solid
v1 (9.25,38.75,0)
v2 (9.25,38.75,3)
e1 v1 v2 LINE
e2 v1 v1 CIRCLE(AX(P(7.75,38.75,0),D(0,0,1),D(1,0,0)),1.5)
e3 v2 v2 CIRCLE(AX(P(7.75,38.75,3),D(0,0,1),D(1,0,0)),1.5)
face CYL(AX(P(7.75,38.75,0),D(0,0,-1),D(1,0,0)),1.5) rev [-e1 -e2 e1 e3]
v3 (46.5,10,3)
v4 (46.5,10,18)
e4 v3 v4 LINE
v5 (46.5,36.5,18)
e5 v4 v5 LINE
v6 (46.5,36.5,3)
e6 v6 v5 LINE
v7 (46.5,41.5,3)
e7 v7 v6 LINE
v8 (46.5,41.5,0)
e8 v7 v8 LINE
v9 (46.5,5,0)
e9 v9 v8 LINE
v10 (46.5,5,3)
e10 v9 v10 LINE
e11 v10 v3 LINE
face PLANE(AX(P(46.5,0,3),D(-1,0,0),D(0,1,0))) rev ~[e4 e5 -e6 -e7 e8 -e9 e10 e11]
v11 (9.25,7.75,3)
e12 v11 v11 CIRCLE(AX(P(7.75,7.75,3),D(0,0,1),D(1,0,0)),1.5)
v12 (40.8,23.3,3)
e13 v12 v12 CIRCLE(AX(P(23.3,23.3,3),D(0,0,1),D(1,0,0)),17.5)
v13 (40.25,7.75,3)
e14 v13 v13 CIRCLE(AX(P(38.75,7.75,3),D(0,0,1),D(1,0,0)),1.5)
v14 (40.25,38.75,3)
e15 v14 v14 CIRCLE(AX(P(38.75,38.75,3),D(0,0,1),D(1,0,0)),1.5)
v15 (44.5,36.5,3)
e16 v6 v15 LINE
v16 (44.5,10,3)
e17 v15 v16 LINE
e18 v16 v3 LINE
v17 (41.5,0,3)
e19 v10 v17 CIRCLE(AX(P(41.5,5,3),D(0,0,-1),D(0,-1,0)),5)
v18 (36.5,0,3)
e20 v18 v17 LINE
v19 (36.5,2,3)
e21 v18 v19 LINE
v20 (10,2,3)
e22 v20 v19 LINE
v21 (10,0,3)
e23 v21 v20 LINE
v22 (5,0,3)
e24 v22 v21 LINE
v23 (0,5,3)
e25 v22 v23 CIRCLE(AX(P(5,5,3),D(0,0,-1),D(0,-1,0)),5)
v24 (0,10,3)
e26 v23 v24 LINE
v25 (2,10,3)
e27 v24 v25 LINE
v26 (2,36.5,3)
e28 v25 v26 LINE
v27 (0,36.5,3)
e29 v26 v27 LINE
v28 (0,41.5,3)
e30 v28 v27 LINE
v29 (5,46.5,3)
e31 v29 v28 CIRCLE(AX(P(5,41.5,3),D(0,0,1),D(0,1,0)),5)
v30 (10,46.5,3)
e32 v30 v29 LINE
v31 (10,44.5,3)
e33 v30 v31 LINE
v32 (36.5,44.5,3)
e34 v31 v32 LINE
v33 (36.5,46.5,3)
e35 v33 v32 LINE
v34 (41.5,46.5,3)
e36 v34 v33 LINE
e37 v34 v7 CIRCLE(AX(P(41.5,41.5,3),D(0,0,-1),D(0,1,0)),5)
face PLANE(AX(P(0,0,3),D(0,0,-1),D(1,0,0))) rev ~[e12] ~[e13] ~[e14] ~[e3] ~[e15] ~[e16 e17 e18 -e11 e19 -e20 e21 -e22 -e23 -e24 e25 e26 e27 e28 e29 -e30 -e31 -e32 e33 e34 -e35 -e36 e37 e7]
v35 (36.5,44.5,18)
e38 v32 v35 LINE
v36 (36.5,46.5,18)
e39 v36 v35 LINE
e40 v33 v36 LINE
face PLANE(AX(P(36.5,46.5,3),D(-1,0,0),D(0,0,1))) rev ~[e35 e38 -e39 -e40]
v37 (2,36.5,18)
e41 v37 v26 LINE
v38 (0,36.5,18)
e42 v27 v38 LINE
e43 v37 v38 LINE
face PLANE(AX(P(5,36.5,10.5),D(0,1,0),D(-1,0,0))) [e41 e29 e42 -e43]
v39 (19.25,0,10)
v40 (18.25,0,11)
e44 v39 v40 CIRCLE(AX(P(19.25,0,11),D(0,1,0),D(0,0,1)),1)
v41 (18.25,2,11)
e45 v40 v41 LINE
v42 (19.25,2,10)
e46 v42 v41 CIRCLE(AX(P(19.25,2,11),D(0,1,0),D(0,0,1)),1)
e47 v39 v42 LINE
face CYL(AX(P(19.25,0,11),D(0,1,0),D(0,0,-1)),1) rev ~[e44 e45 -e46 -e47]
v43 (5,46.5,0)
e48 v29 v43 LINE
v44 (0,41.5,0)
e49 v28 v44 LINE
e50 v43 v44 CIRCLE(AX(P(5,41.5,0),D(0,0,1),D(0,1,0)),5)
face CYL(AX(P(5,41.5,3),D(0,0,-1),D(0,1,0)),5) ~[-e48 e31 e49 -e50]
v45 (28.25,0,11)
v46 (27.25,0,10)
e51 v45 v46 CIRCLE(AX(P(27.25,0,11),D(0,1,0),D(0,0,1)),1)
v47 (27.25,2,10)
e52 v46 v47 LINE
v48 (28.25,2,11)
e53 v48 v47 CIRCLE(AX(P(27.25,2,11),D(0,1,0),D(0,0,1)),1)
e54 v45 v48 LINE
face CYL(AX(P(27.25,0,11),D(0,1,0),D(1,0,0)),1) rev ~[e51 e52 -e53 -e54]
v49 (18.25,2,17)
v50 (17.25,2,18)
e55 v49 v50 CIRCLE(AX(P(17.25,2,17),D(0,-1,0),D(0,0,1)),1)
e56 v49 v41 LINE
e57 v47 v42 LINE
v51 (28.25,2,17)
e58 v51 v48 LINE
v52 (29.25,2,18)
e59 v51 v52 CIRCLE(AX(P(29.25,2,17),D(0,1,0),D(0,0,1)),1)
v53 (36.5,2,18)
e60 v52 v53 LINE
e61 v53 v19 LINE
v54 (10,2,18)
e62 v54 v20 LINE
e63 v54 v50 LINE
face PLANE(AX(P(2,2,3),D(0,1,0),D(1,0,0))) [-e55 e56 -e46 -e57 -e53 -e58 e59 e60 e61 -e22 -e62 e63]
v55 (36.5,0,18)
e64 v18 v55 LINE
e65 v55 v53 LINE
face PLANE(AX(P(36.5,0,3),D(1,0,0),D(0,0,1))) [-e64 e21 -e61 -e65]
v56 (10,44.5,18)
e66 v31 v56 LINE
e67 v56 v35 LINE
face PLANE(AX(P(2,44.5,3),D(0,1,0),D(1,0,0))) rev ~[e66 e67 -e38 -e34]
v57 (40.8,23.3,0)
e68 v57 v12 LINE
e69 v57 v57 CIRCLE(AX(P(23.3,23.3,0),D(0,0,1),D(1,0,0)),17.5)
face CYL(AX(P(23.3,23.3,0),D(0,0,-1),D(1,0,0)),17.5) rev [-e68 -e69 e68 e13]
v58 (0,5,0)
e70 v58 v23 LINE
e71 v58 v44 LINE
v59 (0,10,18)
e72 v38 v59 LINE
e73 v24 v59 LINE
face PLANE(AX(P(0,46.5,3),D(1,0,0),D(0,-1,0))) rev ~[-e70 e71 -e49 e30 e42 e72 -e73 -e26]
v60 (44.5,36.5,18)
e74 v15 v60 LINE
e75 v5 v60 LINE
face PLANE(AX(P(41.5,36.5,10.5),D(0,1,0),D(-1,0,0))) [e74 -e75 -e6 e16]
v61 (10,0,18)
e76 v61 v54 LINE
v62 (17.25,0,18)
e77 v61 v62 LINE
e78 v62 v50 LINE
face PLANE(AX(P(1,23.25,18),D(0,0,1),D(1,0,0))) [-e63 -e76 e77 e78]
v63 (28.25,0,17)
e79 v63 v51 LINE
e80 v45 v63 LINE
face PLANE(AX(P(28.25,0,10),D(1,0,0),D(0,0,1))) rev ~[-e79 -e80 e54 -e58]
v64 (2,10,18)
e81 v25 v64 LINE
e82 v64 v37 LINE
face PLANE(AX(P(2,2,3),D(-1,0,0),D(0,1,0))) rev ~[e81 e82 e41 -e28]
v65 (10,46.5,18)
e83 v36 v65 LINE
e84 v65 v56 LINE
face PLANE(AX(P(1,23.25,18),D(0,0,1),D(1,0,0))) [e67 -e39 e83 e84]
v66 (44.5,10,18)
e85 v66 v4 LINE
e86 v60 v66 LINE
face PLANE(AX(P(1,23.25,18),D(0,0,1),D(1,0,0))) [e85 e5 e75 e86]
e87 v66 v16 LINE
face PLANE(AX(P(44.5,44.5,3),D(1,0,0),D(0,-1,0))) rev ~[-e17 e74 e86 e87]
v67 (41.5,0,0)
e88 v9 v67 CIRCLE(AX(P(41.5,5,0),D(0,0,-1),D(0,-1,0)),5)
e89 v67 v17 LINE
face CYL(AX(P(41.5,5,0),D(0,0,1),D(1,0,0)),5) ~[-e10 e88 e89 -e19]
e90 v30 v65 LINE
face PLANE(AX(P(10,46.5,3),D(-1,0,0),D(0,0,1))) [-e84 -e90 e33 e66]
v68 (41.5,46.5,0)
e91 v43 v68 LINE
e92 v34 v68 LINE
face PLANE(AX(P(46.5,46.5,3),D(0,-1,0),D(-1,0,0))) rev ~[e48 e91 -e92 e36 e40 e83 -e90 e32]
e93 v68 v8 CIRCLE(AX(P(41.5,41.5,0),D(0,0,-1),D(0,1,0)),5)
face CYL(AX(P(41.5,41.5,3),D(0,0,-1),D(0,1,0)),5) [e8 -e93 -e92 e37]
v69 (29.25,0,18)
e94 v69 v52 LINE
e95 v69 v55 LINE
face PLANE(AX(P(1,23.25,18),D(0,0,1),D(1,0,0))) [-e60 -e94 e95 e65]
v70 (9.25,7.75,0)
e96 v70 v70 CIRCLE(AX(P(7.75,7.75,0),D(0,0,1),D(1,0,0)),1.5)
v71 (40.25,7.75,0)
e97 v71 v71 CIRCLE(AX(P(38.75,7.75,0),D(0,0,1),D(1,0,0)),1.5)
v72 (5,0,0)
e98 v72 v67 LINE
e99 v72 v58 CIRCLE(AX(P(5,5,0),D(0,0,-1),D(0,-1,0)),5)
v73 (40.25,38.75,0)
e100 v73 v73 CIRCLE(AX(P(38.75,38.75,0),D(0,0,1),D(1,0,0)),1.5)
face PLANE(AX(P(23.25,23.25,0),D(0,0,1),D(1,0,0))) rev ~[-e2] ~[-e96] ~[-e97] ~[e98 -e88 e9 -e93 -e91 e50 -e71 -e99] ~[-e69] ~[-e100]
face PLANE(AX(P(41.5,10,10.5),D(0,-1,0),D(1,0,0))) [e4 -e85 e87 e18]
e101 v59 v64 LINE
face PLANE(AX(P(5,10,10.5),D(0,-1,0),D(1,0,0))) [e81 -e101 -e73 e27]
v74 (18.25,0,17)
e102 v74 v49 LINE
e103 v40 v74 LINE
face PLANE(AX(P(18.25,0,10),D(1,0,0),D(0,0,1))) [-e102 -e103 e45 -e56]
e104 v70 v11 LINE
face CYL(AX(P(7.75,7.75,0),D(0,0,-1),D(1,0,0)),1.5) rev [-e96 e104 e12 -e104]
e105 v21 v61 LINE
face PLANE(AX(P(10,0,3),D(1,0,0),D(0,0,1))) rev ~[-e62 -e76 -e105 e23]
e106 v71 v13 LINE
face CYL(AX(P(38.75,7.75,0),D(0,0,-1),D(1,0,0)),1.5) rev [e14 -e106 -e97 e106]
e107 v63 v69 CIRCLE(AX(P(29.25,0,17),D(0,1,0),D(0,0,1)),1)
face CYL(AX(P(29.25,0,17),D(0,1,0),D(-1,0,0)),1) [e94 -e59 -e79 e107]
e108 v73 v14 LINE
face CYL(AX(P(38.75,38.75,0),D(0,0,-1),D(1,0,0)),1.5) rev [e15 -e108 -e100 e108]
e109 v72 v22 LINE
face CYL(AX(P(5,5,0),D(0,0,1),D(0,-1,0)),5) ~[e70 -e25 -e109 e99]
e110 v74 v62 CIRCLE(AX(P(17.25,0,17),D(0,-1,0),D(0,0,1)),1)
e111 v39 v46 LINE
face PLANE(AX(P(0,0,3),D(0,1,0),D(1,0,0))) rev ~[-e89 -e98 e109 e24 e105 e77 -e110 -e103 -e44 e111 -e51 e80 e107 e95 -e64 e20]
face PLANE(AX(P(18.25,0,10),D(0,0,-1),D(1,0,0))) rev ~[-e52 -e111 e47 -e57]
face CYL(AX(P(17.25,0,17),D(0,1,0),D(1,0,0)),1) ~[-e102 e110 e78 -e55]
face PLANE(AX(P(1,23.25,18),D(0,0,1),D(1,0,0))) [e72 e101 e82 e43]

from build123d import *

# Parameters (mm, degrees)
F0_W      = 46.5
F0_H      = 46.5
F0_R      = 1.5
F0_R_2    = 17.5
F1_DEPTH  = 3
F2_W      = 42.5
F2_H      = 2
F3_DEPTH  = 15
F4_W      = 10
F4_H      = 15
F5_DEPTH  = 10
F6_W      = 10
F6_H      = 15
F7_DEPTH  = 10
F8_W      = 10
F8_H      = 15
F9_DEPTH  = 10
F10_W     = 10
F10_H     = 15
F11_DEPTH = 10
F12_R     = 5
F13_R     = 5
F14_R     = 5
F15_R     = 5
F16_W     = 10
F16_H     = 8
F17_DEPTH = 25
F18_R     = 1
F19_R     = 1


with BuildPart() as f1:
    # F0 (on Top) → F1 (new body)
    with BuildSketch(Plane.XY):
        with Locations((23.25, 23.25)):
            Rectangle(F0_W, F0_H)
        with Locations((7.75, 7.75)):
            Circle(F0_R, mode=Mode.SUBTRACT)
        with Locations((38.75, 7.75)):
            Circle(F0_R, mode=Mode.SUBTRACT)
        with Locations((7.75, 38.75)):
            Circle(F0_R, mode=Mode.SUBTRACT)
        with Locations((23.3, 23.3)):
            Circle(F0_R_2, mode=Mode.SUBTRACT)
        with Locations((38.75, 38.75)):
            Circle(F0_R, mode=Mode.SUBTRACT)
    extrude(amount=F1_DEPTH)

    # F2 (on face) → F3 (join)
    with BuildSketch(Plane.XY.offset(3)):
        Polygon((2, 46.5), (0, 46.5), (0, 0), (2, 0), (2, 2), (2, 44.5), align=None)
        with Locations((23.25, 45.5)):
            Rectangle(F2_W, F2_H)
        Polygon((46.5, 46.5), (44.5, 46.5), (44.5, 44.5), (44.5, 2), (44.5, 0), (46.5, 0), align=None)
        with Locations((23.25, 1)):
            Rectangle(F2_W, F2_H)
    extrude(amount=F3_DEPTH)

    # F4 (on face) → F5 (cut)
    with BuildSketch(Plane.XZ):
        with Locations((5, 10.5)):
            Rectangle(F4_W, F4_H)
    extrude(amount=-F5_DEPTH, mode=Mode.SUBTRACT)

    # F6 (on face) → F7 (cut)
    with BuildSketch(Plane(origin=(0, 46.5, 0), x_dir=(-1, 0, 0), z_dir=(0, 1, 0))):
        with Locations((-5, 10.5)):
            Rectangle(F6_W, F6_H)
    extrude(amount=-F7_DEPTH, mode=Mode.SUBTRACT)

    # F8 (on face) → F9 (cut)
    with BuildSketch(Plane(origin=(0, 46.5, 0), x_dir=(-1, 0, 0), z_dir=(0, 1, 0))):
        with Locations((-41.5, 10.5)):
            Rectangle(F8_W, F8_H)
    extrude(amount=-F9_DEPTH, mode=Mode.SUBTRACT)

    # F10 (on face) → F11 (cut)
    with BuildSketch(Plane.XZ):
        with Locations((41.5, 10.5)):
            Rectangle(F10_W, F10_H)
    extrude(amount=-F11_DEPTH, mode=Mode.SUBTRACT)

    # F12
    f12_edges = [f1.edges().sort_by_distance(p)[0] for p in [
        (46.5, 46.5, 1.5),
    ]]
    fillet(f12_edges, radius=F12_R)

    # F13
    f13_edges = [f1.edges().sort_by_distance(p)[0] for p in [
        (0, 46.5, 1.5),
    ]]
    fillet(f13_edges, radius=F13_R)

    # F14
    f14_edges = [f1.edges().sort_by_distance(p)[0] for p in [
        (46.5, 0, 1.5),
    ]]
    fillet(f14_edges, radius=F14_R)

    # F15
    f15_edges = [f1.edges().sort_by_distance(p)[0] for p in [
        (0, 0, 1.5),
    ]]
    fillet(f15_edges, radius=F15_R)

    # F16 (on face) → F17 (cut)
    with BuildSketch(Plane.XZ):
        with Locations((23.25, 14)):
            Rectangle(F16_W, F16_H)
    extrude(amount=-F17_DEPTH, mode=Mode.SUBTRACT)

    # F18
    f18_edges = [f1.edges().sort_by_distance(p)[0] for p in [
        (28.25, 1, 10),
        (18.25, 1, 10),
    ]]
    fillet(f18_edges, radius=F18_R)

    # F19
    f19_edges = [f1.edges().sort_by_distance(p)[0] for p in [
        (18.25, 1, 18),
        (28.25, 1, 18),
    ]]
    fillet(f19_edges, radius=F19_R)


solid = f1.part
